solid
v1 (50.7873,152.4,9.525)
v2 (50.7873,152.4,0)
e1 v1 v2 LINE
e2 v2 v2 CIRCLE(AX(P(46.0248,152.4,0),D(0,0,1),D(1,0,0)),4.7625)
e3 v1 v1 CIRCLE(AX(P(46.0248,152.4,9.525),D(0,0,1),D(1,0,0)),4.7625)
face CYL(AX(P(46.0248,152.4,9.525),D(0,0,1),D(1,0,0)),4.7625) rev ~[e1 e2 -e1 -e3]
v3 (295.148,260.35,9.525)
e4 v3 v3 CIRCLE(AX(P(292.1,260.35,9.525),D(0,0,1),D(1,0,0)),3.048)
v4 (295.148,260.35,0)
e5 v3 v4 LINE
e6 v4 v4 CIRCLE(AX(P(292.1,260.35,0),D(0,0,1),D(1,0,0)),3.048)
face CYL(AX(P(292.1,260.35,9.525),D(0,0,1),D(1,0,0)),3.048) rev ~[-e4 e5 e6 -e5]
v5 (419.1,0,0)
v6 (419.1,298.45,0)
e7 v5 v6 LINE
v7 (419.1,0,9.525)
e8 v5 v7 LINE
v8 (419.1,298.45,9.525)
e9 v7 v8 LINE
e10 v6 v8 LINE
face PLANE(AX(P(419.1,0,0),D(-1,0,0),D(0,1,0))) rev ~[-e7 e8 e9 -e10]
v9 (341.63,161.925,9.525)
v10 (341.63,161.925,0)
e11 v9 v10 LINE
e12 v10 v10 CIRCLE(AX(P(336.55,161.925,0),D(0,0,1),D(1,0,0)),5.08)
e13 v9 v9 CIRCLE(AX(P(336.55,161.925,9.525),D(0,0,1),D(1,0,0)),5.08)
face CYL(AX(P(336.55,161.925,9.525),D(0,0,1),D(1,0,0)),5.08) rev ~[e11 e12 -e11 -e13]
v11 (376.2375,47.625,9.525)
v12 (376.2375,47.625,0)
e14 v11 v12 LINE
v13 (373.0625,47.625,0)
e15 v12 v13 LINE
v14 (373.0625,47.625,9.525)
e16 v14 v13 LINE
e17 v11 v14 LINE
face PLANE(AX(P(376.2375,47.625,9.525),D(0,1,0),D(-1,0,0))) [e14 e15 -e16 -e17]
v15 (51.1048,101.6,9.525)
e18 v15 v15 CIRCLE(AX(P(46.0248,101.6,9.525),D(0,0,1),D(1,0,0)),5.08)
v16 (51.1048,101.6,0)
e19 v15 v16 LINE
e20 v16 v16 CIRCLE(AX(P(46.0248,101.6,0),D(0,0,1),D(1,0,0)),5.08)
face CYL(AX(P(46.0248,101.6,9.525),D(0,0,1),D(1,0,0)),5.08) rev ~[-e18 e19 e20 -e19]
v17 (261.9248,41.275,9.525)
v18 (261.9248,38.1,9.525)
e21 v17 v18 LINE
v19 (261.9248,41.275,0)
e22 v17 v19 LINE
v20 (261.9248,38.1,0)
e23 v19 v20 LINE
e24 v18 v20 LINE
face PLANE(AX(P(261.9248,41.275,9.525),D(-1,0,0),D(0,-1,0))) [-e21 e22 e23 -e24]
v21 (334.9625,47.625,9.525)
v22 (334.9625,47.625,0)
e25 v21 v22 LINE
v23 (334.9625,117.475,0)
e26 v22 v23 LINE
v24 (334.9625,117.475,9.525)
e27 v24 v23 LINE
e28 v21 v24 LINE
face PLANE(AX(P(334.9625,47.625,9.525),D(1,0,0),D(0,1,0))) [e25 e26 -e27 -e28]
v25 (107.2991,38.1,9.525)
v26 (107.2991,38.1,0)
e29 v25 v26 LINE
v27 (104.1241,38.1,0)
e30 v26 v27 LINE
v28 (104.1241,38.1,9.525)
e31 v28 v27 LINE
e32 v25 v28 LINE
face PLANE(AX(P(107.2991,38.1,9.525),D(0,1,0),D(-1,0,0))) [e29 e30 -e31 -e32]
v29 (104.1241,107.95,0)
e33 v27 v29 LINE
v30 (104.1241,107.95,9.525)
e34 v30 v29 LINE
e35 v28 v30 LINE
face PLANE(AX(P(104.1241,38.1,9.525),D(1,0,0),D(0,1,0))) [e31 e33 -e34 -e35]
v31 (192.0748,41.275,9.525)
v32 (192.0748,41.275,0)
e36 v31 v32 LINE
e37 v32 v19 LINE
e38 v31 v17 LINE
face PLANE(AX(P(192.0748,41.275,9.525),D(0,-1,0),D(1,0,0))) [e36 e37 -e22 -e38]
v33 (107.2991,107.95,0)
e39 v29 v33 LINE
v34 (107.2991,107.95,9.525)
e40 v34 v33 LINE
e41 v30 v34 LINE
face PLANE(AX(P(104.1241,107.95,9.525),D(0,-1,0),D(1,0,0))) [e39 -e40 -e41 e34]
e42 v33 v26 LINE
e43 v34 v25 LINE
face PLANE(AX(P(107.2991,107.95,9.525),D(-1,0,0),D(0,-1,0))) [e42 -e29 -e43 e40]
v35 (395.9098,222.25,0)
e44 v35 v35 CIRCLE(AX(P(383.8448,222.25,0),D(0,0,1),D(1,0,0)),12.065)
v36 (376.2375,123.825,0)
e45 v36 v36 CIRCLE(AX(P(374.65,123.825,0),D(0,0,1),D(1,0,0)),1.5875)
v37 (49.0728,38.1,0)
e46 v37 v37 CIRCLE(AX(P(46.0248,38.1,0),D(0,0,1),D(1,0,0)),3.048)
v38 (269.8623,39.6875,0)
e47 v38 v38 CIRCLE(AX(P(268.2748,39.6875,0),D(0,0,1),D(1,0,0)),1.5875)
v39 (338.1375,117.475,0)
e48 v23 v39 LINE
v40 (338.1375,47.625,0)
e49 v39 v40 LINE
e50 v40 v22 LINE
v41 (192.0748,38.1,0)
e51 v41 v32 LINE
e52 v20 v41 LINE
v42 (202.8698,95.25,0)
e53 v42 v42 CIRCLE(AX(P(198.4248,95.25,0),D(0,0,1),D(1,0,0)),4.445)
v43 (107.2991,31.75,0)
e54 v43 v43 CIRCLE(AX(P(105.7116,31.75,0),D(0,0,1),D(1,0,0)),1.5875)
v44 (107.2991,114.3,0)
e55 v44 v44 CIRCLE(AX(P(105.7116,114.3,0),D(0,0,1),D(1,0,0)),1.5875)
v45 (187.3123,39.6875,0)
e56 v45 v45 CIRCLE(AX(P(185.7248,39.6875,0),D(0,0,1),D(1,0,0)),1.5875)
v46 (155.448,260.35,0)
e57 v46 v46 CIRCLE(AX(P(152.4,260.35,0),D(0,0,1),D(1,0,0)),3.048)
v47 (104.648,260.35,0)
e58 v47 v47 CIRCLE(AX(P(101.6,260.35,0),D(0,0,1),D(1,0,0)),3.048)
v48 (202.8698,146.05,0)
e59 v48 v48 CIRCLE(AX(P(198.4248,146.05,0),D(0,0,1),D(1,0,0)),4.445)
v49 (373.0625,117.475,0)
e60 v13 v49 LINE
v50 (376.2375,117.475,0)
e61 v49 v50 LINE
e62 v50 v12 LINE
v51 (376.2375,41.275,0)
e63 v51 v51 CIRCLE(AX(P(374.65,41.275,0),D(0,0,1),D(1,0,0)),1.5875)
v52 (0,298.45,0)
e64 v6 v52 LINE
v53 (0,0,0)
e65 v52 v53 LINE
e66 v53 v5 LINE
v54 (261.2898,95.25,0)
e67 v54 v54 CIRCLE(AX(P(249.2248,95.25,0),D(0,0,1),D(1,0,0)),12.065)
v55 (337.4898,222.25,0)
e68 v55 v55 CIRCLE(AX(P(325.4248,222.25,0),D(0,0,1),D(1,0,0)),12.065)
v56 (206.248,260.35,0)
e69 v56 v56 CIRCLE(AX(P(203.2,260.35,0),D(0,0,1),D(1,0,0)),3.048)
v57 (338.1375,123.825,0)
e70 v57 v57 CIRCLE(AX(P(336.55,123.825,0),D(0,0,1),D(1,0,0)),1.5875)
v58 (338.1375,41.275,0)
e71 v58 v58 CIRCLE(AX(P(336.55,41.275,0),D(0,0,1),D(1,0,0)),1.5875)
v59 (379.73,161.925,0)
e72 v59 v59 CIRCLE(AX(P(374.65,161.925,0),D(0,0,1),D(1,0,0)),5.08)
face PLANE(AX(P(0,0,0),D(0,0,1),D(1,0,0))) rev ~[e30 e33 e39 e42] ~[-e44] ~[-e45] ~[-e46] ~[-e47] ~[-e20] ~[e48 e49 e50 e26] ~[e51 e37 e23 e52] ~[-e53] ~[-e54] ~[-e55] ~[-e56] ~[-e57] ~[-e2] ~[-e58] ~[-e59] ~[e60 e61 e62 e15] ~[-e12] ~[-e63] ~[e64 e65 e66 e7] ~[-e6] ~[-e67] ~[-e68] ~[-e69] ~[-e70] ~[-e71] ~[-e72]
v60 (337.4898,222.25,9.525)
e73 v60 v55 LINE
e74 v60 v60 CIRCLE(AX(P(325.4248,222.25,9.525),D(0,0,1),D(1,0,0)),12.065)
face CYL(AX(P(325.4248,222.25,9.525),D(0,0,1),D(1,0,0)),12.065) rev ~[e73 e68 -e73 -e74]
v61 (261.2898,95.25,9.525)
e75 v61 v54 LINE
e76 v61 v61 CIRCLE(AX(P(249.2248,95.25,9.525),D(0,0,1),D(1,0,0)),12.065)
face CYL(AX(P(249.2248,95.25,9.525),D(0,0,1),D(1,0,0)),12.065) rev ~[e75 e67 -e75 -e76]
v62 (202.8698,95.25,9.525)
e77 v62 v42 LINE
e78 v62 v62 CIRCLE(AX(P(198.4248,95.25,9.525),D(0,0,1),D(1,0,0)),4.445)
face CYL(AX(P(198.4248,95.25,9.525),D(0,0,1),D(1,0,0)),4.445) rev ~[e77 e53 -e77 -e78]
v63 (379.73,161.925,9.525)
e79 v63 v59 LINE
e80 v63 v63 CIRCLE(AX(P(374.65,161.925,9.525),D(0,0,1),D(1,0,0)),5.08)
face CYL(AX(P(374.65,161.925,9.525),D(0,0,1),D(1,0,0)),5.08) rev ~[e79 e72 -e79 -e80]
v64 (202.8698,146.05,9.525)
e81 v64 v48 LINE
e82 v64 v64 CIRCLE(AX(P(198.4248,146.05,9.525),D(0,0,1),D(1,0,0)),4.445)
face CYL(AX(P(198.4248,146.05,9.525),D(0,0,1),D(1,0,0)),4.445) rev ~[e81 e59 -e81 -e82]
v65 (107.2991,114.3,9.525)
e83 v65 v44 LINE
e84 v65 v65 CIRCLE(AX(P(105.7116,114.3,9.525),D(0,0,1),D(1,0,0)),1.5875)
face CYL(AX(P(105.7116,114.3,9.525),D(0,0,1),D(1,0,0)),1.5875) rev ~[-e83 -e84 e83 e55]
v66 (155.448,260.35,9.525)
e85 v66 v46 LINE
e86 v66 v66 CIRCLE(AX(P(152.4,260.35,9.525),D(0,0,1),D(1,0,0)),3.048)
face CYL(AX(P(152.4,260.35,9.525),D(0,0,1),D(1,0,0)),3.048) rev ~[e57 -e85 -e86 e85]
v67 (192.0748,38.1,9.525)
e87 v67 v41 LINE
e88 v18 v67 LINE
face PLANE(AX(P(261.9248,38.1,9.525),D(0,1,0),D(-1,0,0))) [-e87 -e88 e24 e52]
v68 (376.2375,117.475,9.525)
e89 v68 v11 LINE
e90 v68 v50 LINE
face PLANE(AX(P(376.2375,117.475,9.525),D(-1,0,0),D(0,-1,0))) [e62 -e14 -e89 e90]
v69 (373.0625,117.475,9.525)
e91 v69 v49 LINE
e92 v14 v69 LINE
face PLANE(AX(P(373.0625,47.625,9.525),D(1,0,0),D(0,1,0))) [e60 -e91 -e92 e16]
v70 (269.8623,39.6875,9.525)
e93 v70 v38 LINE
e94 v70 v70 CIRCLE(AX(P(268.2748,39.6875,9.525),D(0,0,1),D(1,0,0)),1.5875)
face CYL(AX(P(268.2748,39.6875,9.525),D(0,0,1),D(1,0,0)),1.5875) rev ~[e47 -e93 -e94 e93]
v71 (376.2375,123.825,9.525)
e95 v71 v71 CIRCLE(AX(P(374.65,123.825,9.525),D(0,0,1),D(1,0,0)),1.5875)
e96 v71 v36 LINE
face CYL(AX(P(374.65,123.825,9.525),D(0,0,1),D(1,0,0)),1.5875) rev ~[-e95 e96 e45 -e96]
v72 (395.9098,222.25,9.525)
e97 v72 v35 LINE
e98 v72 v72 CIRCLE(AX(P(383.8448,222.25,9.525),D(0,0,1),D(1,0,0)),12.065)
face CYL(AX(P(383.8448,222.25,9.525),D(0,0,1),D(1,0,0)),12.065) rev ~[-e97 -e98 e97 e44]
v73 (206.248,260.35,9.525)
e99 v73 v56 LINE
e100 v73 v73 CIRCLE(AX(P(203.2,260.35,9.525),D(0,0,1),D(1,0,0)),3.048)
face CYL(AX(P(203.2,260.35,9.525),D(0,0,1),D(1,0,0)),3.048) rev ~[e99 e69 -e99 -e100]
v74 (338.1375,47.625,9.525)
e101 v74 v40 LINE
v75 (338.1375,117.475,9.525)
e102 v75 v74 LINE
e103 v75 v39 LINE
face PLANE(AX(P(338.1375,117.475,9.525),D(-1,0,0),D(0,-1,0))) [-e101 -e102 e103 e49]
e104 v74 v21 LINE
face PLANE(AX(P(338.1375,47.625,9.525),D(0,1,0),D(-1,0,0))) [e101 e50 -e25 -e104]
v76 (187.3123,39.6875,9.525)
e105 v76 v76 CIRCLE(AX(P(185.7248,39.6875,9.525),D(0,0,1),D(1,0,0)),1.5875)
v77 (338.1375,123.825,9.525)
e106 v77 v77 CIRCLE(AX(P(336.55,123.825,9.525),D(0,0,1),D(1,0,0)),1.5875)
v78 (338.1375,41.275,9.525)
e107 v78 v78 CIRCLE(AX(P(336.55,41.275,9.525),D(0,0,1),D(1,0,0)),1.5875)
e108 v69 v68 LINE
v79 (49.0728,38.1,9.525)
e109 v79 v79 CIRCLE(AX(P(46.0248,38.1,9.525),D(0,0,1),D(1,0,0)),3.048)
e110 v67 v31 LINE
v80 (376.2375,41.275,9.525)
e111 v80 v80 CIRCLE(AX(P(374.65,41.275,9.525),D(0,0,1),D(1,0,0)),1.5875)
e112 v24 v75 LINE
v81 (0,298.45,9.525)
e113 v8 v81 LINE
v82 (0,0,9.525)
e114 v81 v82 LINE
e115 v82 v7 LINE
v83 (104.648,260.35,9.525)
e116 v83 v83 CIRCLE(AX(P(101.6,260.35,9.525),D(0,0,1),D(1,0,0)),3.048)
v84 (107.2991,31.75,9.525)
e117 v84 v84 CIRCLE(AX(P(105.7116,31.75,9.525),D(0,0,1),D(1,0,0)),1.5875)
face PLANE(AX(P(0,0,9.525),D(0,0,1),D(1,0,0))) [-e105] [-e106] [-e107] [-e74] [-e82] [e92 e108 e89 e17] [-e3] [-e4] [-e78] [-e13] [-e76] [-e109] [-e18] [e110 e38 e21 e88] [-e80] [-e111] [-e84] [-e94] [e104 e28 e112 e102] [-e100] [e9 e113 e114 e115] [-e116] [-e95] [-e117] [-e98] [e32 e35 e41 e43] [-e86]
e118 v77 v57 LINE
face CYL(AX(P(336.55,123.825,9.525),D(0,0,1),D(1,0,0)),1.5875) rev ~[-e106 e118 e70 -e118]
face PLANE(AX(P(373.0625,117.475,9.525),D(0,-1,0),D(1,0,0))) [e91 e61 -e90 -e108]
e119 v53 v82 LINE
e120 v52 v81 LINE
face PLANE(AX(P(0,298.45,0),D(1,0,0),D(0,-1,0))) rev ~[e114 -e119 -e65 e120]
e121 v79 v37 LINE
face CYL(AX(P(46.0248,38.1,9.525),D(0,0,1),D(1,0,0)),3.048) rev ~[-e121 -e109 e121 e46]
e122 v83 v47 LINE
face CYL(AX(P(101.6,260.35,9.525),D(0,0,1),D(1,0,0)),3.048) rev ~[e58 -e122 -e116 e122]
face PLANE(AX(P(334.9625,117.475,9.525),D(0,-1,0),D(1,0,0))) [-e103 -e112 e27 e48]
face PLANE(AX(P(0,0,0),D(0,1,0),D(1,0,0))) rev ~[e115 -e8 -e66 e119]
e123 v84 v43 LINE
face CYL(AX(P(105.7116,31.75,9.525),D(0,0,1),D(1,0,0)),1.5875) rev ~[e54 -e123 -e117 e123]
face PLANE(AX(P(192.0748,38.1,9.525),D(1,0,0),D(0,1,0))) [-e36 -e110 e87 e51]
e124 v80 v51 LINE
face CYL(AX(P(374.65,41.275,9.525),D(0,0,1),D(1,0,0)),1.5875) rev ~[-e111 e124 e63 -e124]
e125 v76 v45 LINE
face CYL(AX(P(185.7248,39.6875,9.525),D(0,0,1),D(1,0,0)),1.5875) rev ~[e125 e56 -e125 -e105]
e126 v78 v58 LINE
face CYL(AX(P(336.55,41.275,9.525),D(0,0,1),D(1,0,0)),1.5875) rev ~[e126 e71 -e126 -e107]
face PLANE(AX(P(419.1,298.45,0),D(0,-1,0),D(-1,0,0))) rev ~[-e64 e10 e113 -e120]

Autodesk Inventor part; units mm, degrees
ref_plane "YZ Plane" through (0, 0, 0) normal (1, 0, 0) x (0, 1, 0)
ref_plane "XZ Plane" through (0, 0, 0) normal (0, 1, 0) x (-1, 0, 0)
ref_plane "XY Plane" through (0, 0, 0) normal (0, 0, 1) x (1, 0, 0)
sketch "Sketch1" plane through (0, 0, 0) normal (0, 0, 1) x (1, 0, 0)
  line L0 (0, 0) -> (419.1, 0)
  line L1 (419.1, 0) -> (419.1, 298.45)
  line L2 (419.1, 298.45) -> (0, 298.45)
  line L3 (0, 298.45) -> (0, 0)
  dimension "d0" = 419.1
  dimension "d1" = 298.45
extrude "Extrusion1" add sketch "Sketch1" along normal blind 9.525
sketch "Sketch2" plane through (0, 0, 9.525) normal (0, 0, 1) x (1, 0, 0)
  line L0 (373.0625, 117.475) -> (376.2375, 117.475)
  line L1 (376.2375, 117.475) -> (376.2375, 47.625)
  line L2 (376.2375, 47.625) -> (373.0625, 47.625)
  line L3 (373.0625, 47.625) -> (373.0625, 117.475)
  line L4 (0, 0) -> (419.1, 0) projected
  line L5 (419.1, 0) -> (419.1, 298.45) projected
  circle A0 centre (374.65, 41.275) radius 1.5875
  circle A1 centre (374.65, 123.825) radius 1.5875
  circle A2 centre (374.65, 161.925) radius 5.08
  circle A3 centre (336.55, 41.275) radius 1.5875
  line L6 (338.1375, 47.625) -> (334.9625, 47.625)
  line L7 (334.9625, 47.625) -> (334.9625, 117.475)
  line L8 (334.9625, 117.475) -> (338.1375, 117.475)
  line L9 (338.1375, 117.475) -> (338.1375, 47.625)
  circle A4 centre (336.55, 123.825) radius 1.5875
  circle A5 centre (336.55, 161.925) radius 5.08
  circle A6 centre (383.8448, 222.25) radius 12.065
  circle A7 centre (325.4248, 222.25) radius 12.065
  line L10 (299.4225, 0) -> (299.4225, 298.45)
  dimension "d4" = 3.175
  dimension "d5" = 69.85
  dimension "d6" = 47.625
  dimension "d7" = 42.8625
  dimension "d8" = 3.175
  dimension "d9" = 6.35
  dimension "d10" = 3.175
  dimension "d11" = 6.35
  dimension "d12" = 10.16
  dimension "d13" = 38.1
  dimension "d16" = 3.175
  dimension "d17" = 38.1
  dimension "d18" = 69.85
  dimension "d19" = 3.175
  dimension "d20" = 10.16
  dimension "d23" = 24.13
  dimension "d24" = 35.2552
  dimension "d25" = 93.6752
  dimension "d26" = 58.42
  dimension "d27" = 60.325
extrude "Extrusion2" cut sketch "Sketch2" against normal blind 9.525
sketch "Sketch3" plane through (0, 0, 9.525) normal (0, 0, 1) x (1, 0, 0)
  point P0 (0, 0)
sketch "Sketch4" plane through (0, 0, 9.525) normal (0, 0, 1) x (1, 0, 0)
  line L0 (419.1, 298.45) -> (0, 298.45) projected
  line L1 (287.3248, 298.45) -> (287.3248, 0)
  line L2 (0, 0) -> (419.1, 0) projected
  circle A0 centre (325.4248, 222.25) radius 12.065 projected
  line L3 (261.9248, 38.1) -> (192.0748, 38.1)
  line L4 (192.0748, 38.1) -> (192.0748, 41.275)
  line L5 (192.0748, 41.275) -> (261.9248, 41.275)
  line L6 (261.9248, 41.275) -> (261.9248, 38.1)
  circle A1 centre (185.7248, 39.6875) radius 1.5875
  circle A2 centre (268.2748, 39.6875) radius 1.5875
  circle A3 centre (249.2248, 95.25) radius 12.065
  circle A4 centre (198.4248, 95.25) radius 4.445
  circle A5 centre (198.4248, 146.05) radius 4.445
  dimension "d30" = 38.1
  dimension "d31" = 69.85
  dimension "d32" = 3.175
  dimension "d33" = 38.1
  dimension "d34" = 25.4
  dimension "d35" = 6.35
  dimension "d36" = 6.35
  dimension "d37" = 24.13
  dimension "d38" = 95.25
  dimension "d39" = 38.1
  dimension "d68" = 8.89
  dimension "d69" = 50.8
  dimension "d70" = 8.89
  dimension "d71" = 50.8
extrude "Extrusion3" cut sketch "Sketch4" against normal blind 9.525 contours L3 L4 L5 L6 | A1 | A2 | A3 | A4 | A5
sketch "Sketch5" plane through (0, 0, 9.525) normal (0, 0, 1) x (1, 0, 0)
  line L0 (0, 0) -> (419.1, 0) projected
  line L1 (147.6248, 0) -> (147.6248, 296.9243)
  line L2 (261.9248, 41.275) -> (261.9248, 38.1) projected
  line L3 (104.1241, 107.95) -> (107.2991, 107.95)
  line L4 (107.2991, 107.95) -> (107.2991, 38.1)
  line L5 (107.2991, 38.1) -> (104.1241, 38.1)
  line L6 (104.1241, 38.1) -> (104.1241, 107.95)
  circle A0 centre (105.7116, 31.75) radius 1.5875
  circle A1 centre (105.7116, 114.3) radius 1.5875
  circle A2 centre (46.0248, 101.6) radius 5.08
  circle A3 centre (46.0248, 38.1) radius 3.048
  line L7 (419.1, 298.45) -> (0, 298.45) projected
  line L8 (292.8764, 298.45) -> (292.8764, 0)
  circle A4 centre (46.0248, 152.4) radius 4.7625
  dimension "d42" = 114.3
  dimension "d43" = 3.175
  dimension "d44" = 69.85
  dimension "d45" = 38.1
  dimension "d46" = 3.175
  dimension "d47" = 6.35
  dimension "d48" = 3.175
  dimension "d49" = 6.35
  dimension "d50" = 10.16
  dimension "d51" = 101.6
  dimension "d52" = 101.6
  dimension "d53" = 6.096
  dimension "d72" = 9.525
  dimension "d73" = 50.8
sketch "Sketch6" plane through (0, 0, 9.525) normal (0, 0, 1) x (1, 0, 0)
  line L0 (0, 222.25) -> (296.6633, 222.25)
  line L1 (419.1, 298.45) -> (0, 298.45) projected
  circle A0 centre (101.6, 260.35) radius 3.048
  line L2 (0, 298.45) -> (0, 0) projected
  circle A1 centre (152.4, 260.35) radius 3.048
  circle A2 centre (203.2, 260.35) radius 3.048
  circle A3 centre (292.1, 260.35) radius 3.048
  dimension "d54" = 76.2
  dimension "d55" = 6.096
  dimension "d56" = 101.6
  dimension "d57" = 38.1
  dimension "d58" = 6.096
  dimension "d59" = 50.8
  dimension "d60" = 6.096
  dimension "d61" = 50.8
  dimension "d62" = 6.096
  dimension "d63" = 88.9
extrude "Extrusion4" cut sketch "Sketch5" against normal blind 9.525
extrude "Extrusion5" cut sketch "Sketch6" against normal blind 9.525
properties part number "driver station 1.0"
